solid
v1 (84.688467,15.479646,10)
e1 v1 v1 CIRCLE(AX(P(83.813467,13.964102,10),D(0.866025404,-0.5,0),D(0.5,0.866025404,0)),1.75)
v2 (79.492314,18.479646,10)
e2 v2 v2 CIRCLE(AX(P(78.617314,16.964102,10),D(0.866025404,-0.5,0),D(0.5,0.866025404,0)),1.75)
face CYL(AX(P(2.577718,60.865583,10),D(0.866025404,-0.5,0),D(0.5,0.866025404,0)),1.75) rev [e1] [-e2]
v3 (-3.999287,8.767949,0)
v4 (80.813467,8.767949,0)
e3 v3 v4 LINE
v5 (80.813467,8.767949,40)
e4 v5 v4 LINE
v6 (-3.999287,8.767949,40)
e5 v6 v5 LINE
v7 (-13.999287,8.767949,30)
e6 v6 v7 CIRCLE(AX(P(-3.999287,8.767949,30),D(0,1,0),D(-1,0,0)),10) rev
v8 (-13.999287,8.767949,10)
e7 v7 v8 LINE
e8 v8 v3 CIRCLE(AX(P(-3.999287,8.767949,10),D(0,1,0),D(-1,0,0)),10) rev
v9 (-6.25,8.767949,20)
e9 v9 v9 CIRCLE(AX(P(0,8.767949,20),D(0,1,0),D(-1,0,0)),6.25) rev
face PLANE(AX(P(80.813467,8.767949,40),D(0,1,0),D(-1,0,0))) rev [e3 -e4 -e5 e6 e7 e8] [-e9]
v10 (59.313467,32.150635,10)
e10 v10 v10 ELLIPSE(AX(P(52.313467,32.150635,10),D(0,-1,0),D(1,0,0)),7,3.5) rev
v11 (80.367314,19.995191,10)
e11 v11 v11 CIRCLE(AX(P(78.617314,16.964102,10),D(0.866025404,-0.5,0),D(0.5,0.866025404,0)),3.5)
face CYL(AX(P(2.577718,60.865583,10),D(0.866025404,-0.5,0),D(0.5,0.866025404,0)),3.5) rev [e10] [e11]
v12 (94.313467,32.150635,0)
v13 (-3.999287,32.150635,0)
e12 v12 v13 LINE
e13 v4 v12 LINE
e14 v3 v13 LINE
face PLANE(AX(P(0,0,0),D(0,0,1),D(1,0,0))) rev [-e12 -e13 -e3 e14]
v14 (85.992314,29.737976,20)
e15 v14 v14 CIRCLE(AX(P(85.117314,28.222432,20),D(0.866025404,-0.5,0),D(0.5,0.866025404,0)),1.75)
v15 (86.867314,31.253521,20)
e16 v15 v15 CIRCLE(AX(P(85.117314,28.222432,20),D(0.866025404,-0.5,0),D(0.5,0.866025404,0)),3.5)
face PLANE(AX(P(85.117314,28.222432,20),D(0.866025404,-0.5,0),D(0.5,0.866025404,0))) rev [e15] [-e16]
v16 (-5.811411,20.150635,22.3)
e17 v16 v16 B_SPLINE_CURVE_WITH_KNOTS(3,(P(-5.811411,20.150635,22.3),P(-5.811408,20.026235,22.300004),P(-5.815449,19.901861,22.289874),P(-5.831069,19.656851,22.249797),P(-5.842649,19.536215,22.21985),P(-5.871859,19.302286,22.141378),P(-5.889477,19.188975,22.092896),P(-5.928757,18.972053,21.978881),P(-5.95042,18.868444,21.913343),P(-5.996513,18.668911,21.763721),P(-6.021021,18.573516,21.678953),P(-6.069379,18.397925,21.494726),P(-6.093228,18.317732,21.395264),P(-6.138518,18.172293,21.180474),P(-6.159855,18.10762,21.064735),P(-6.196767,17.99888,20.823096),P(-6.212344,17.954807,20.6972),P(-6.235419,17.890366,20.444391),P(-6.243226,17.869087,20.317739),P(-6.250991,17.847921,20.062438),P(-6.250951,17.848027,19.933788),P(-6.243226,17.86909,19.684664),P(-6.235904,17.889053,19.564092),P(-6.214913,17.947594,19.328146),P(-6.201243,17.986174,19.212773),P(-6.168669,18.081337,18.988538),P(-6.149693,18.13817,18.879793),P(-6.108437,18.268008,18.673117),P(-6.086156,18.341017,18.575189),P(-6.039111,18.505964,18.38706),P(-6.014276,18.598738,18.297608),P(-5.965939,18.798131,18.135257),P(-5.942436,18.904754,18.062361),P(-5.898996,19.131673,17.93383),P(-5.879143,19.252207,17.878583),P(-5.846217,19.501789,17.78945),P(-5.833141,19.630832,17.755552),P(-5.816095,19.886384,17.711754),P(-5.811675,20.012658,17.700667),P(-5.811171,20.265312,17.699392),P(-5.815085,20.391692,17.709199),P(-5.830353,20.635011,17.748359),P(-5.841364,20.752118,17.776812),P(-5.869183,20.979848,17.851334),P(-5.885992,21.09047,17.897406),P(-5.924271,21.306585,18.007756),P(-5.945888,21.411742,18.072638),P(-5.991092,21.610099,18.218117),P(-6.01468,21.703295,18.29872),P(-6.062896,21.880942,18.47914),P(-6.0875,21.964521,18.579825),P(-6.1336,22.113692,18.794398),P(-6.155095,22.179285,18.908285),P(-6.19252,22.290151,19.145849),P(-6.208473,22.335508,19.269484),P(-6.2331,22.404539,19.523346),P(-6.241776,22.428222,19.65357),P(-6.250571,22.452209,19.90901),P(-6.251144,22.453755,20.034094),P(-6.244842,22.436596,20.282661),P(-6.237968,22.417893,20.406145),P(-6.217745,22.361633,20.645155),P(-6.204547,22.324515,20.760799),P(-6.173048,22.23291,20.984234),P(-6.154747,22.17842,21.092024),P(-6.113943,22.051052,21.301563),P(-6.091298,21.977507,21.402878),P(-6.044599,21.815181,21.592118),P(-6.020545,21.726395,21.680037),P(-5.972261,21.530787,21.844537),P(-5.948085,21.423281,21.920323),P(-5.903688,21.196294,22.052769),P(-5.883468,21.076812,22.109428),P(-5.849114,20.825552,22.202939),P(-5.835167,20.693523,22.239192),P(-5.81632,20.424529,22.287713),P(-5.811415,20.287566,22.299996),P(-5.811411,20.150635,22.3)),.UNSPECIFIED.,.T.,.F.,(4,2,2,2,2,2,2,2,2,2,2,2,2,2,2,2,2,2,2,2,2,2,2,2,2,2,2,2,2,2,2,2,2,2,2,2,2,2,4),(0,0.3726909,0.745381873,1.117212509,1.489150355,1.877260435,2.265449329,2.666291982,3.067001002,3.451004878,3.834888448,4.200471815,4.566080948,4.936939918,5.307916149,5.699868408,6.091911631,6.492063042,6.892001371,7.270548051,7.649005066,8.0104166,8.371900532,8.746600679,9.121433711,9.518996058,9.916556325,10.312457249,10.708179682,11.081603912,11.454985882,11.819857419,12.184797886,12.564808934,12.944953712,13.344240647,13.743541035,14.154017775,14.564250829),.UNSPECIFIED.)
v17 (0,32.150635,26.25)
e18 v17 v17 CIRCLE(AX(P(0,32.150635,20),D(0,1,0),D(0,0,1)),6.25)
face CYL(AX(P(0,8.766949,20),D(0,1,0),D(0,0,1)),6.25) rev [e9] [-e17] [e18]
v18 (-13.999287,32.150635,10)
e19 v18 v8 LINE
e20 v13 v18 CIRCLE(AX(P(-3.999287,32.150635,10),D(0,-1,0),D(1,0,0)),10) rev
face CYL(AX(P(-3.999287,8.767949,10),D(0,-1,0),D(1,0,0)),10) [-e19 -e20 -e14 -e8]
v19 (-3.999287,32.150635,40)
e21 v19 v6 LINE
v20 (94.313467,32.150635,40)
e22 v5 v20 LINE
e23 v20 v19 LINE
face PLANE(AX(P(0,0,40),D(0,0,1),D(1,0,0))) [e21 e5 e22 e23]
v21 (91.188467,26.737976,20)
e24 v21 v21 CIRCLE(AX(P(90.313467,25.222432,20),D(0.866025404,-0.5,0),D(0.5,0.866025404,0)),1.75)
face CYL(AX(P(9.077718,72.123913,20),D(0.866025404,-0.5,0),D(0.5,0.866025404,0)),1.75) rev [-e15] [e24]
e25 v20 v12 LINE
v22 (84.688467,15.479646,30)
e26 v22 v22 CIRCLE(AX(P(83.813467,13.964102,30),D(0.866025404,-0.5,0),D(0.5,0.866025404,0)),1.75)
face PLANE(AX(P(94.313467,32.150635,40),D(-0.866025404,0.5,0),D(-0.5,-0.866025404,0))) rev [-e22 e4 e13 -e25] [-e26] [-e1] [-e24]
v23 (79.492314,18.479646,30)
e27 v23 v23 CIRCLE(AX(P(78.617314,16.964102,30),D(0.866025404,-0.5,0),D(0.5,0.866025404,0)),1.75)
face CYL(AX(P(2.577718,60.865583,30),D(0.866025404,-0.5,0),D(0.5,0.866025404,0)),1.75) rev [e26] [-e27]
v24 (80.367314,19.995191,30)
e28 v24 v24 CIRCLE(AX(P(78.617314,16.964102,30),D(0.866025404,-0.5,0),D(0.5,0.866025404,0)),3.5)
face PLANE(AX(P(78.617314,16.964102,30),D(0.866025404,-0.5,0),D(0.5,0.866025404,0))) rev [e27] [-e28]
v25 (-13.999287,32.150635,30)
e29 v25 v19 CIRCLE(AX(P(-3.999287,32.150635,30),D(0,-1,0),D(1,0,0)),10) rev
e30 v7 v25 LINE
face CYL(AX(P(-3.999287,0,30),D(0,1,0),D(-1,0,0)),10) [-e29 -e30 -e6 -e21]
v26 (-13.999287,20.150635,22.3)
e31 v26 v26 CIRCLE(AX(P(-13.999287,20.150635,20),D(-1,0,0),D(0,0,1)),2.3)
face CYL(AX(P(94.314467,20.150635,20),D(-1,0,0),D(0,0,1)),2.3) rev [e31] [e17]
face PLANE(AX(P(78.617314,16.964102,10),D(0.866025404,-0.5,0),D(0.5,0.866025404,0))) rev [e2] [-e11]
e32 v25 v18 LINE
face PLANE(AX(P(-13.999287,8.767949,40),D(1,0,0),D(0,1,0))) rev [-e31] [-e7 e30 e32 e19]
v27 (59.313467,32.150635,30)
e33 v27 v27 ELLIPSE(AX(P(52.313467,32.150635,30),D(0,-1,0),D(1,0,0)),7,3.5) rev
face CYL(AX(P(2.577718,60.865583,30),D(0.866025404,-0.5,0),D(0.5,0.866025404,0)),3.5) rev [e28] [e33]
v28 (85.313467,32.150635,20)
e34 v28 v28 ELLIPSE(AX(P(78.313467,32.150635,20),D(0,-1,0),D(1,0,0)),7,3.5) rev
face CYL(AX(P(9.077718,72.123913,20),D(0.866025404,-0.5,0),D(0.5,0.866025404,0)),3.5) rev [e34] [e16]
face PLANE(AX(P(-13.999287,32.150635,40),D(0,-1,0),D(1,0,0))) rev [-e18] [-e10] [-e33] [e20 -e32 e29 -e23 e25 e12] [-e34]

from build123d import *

# Parameters (mm, degrees)
SALIENTE_EXTRUIR1_DEPTH = 40
CORTAR_EXTRUIR1_REACH   = 25.383
CROQUIS2_R              = 6.25
REDONDEO1_R             = 10
CORTAR_EXTRUIR2_REACH   = 110.313
CROQUIS3_R              = 2.3
CORTAR_EXTRUIR3_REACH   = 95.802
CROQUIS4_R              = 1.75
CORTAR_EXTRUIR4_REACH   = 89.802
CROQUIS5_R              = 3.5


with BuildPart() as part:
    # Croquis1 → Saliente-Extruir1 (new body)
    with BuildSketch(Plane.XY):
        Polygon((80.813466521, 8.767949192), (-13.999287239, 8.767949192), (-13.999287239, 32.150635095), (94.313466521, 32.150635095), align=None)
    extrude(amount=SALIENTE_EXTRUIR1_DEPTH)

    # Croquis2 → Cortar-Extruir1 (cut, up to next)
    with BuildSketch(Plane(origin=(0, 32.150635095, 0), x_dir=(1, 0, 0), z_dir=(0, 1, 0)), mode=Mode.PRIVATE) as cortar_extruir1_sk1:
        with Locations((0, -20)):
            Circle(CROQUIS2_R)
    cortar_extruir1_tool1 = extrude(cortar_extruir1_sk1.sketch, amount=-CORTAR_EXTRUIR1_REACH, mode=Mode.PRIVATE) & part.part
    add(cortar_extruir1_tool1.solids().sort_by_distance((0, 32.150635, 20))[0], mode=Mode.SUBTRACT)

    # Redondeo1
    redondeo1_edges = [part.edges().sort_by_distance(p)[0] for p in [
        (-13.999287239, 20.459292144, 0),
        (-13.999287239, 20.459292144, 40),
    ]]
    fillet(redondeo1_edges, radius=REDONDEO1_R)

    # Croquis3 → Cortar-Extruir2 (cut, up to next)
    with BuildSketch(Plane.ZY.offset(13.999287239), mode=Mode.PRIVATE) as cortar_extruir2_sk1:
        with Locations((20, 20.150635095)):
            Circle(CROQUIS3_R)
    cortar_extruir2_tool1 = extrude(cortar_extruir2_sk1.sketch, amount=-CORTAR_EXTRUIR2_REACH, mode=Mode.PRIVATE) & part.part
    add(cortar_extruir2_tool1.solids().sort_by_distance((-13.999287, 20.150635, 20))[0], mode=Mode.SUBTRACT)

    # Croquis4 → Cortar-Extruir3 (cut, up to next)
    with BuildSketch(Plane(origin=(56.813466521, -32.801270189, 0), x_dir=(0, 0, -1), z_dir=(0.866025404, -0.5, 0)), mode=Mode.PRIVATE) as cortar_extruir3_sk1:
        with Locations((-30, 54)):
            Circle(CROQUIS4_R)
    cortar_extruir3_tool1 = extrude(cortar_extruir3_sk1.sketch, amount=-CORTAR_EXTRUIR3_REACH, mode=Mode.PRIVATE) & part.part
    add(cortar_extruir3_tool1.solids().sort_by_distance((83.813467, 13.964102, 30))[0], mode=Mode.SUBTRACT)
    # Croquis4 → Cortar-Extruir3 (cut, up to next)
    with BuildSketch(Plane(origin=(56.813466521, -32.801270189, 0), x_dir=(0, 0, -1), z_dir=(0.866025404, -0.5, 0)), mode=Mode.PRIVATE) as cortar_extruir3_sk2:
        with Locations((-10, 54)):
            Circle(CROQUIS4_R)
    cortar_extruir3_tool2 = extrude(cortar_extruir3_sk2.sketch, amount=-CORTAR_EXTRUIR3_REACH, mode=Mode.PRIVATE) & part.part
    add(cortar_extruir3_tool2.solids().sort_by_distance((83.813467, 13.964102, 10))[0], mode=Mode.SUBTRACT)
    # Croquis4 → Cortar-Extruir3 (cut, up to next)
    with BuildSketch(Plane(origin=(56.813466521, -32.801270189, 0), x_dir=(0, 0, -1), z_dir=(0.866025404, -0.5, 0)), mode=Mode.PRIVATE) as cortar_extruir3_sk3:
        with Locations((-20, 67)):
            Circle(CROQUIS4_R)
    cortar_extruir3_tool3 = extrude(cortar_extruir3_sk3.sketch, amount=-CORTAR_EXTRUIR3_REACH, mode=Mode.PRIVATE) & part.part
    add(cortar_extruir3_tool3.solids().sort_by_distance((90.313467, 25.222432, 20))[0], mode=Mode.SUBTRACT)

    # Croquis5 → Cortar-Extruir4 (cut, up to next)
    with BuildSketch(Plane(origin=(51.617314098, -29.801270189, 0), x_dir=(0, 0, -1), z_dir=(0.866025404, -0.5, 0)), mode=Mode.PRIVATE) as cortar_extruir4_sk1:
        with Locations((-30, 54)):
            Circle(CROQUIS5_R)
    cortar_extruir4_tool1 = extrude(cortar_extruir4_sk1.sketch, amount=-CORTAR_EXTRUIR4_REACH, mode=Mode.PRIVATE) & part.part
    add(cortar_extruir4_tool1.solids().sort_by_distance((78.617314, 16.964102, 30))[0], mode=Mode.SUBTRACT)
    # Croquis5 → Cortar-Extruir4 (cut, up to next)
    with BuildSketch(Plane(origin=(51.617314098, -29.801270189, 0), x_dir=(0, 0, -1), z_dir=(0.866025404, -0.5, 0)), mode=Mode.PRIVATE) as cortar_extruir4_sk2:
        with Locations((-20, 67)):
            Circle(CROQUIS5_R)
    cortar_extruir4_tool2 = extrude(cortar_extruir4_sk2.sketch, amount=-CORTAR_EXTRUIR4_REACH, mode=Mode.PRIVATE) & part.part
    add(cortar_extruir4_tool2.solids().sort_by_distance((85.117314, 28.222432, 20))[0], mode=Mode.SUBTRACT)
    # Croquis5 → Cortar-Extruir4 (cut, up to next)
    with BuildSketch(Plane(origin=(51.617314098, -29.801270189, 0), x_dir=(0, 0, -1), z_dir=(0.866025404, -0.5, 0)), mode=Mode.PRIVATE) as cortar_extruir4_sk3:
        with Locations((-10, 54)):
            Circle(CROQUIS5_R)
    cortar_extruir4_tool3 = extrude(cortar_extruir4_sk3.sketch, amount=-CORTAR_EXTRUIR4_REACH, mode=Mode.PRIVATE) & part.part
    add(cortar_extruir4_tool3.solids().sort_by_distance((78.617314, 16.964102, 10))[0], mode=Mode.SUBTRACT)


solid = part.part
